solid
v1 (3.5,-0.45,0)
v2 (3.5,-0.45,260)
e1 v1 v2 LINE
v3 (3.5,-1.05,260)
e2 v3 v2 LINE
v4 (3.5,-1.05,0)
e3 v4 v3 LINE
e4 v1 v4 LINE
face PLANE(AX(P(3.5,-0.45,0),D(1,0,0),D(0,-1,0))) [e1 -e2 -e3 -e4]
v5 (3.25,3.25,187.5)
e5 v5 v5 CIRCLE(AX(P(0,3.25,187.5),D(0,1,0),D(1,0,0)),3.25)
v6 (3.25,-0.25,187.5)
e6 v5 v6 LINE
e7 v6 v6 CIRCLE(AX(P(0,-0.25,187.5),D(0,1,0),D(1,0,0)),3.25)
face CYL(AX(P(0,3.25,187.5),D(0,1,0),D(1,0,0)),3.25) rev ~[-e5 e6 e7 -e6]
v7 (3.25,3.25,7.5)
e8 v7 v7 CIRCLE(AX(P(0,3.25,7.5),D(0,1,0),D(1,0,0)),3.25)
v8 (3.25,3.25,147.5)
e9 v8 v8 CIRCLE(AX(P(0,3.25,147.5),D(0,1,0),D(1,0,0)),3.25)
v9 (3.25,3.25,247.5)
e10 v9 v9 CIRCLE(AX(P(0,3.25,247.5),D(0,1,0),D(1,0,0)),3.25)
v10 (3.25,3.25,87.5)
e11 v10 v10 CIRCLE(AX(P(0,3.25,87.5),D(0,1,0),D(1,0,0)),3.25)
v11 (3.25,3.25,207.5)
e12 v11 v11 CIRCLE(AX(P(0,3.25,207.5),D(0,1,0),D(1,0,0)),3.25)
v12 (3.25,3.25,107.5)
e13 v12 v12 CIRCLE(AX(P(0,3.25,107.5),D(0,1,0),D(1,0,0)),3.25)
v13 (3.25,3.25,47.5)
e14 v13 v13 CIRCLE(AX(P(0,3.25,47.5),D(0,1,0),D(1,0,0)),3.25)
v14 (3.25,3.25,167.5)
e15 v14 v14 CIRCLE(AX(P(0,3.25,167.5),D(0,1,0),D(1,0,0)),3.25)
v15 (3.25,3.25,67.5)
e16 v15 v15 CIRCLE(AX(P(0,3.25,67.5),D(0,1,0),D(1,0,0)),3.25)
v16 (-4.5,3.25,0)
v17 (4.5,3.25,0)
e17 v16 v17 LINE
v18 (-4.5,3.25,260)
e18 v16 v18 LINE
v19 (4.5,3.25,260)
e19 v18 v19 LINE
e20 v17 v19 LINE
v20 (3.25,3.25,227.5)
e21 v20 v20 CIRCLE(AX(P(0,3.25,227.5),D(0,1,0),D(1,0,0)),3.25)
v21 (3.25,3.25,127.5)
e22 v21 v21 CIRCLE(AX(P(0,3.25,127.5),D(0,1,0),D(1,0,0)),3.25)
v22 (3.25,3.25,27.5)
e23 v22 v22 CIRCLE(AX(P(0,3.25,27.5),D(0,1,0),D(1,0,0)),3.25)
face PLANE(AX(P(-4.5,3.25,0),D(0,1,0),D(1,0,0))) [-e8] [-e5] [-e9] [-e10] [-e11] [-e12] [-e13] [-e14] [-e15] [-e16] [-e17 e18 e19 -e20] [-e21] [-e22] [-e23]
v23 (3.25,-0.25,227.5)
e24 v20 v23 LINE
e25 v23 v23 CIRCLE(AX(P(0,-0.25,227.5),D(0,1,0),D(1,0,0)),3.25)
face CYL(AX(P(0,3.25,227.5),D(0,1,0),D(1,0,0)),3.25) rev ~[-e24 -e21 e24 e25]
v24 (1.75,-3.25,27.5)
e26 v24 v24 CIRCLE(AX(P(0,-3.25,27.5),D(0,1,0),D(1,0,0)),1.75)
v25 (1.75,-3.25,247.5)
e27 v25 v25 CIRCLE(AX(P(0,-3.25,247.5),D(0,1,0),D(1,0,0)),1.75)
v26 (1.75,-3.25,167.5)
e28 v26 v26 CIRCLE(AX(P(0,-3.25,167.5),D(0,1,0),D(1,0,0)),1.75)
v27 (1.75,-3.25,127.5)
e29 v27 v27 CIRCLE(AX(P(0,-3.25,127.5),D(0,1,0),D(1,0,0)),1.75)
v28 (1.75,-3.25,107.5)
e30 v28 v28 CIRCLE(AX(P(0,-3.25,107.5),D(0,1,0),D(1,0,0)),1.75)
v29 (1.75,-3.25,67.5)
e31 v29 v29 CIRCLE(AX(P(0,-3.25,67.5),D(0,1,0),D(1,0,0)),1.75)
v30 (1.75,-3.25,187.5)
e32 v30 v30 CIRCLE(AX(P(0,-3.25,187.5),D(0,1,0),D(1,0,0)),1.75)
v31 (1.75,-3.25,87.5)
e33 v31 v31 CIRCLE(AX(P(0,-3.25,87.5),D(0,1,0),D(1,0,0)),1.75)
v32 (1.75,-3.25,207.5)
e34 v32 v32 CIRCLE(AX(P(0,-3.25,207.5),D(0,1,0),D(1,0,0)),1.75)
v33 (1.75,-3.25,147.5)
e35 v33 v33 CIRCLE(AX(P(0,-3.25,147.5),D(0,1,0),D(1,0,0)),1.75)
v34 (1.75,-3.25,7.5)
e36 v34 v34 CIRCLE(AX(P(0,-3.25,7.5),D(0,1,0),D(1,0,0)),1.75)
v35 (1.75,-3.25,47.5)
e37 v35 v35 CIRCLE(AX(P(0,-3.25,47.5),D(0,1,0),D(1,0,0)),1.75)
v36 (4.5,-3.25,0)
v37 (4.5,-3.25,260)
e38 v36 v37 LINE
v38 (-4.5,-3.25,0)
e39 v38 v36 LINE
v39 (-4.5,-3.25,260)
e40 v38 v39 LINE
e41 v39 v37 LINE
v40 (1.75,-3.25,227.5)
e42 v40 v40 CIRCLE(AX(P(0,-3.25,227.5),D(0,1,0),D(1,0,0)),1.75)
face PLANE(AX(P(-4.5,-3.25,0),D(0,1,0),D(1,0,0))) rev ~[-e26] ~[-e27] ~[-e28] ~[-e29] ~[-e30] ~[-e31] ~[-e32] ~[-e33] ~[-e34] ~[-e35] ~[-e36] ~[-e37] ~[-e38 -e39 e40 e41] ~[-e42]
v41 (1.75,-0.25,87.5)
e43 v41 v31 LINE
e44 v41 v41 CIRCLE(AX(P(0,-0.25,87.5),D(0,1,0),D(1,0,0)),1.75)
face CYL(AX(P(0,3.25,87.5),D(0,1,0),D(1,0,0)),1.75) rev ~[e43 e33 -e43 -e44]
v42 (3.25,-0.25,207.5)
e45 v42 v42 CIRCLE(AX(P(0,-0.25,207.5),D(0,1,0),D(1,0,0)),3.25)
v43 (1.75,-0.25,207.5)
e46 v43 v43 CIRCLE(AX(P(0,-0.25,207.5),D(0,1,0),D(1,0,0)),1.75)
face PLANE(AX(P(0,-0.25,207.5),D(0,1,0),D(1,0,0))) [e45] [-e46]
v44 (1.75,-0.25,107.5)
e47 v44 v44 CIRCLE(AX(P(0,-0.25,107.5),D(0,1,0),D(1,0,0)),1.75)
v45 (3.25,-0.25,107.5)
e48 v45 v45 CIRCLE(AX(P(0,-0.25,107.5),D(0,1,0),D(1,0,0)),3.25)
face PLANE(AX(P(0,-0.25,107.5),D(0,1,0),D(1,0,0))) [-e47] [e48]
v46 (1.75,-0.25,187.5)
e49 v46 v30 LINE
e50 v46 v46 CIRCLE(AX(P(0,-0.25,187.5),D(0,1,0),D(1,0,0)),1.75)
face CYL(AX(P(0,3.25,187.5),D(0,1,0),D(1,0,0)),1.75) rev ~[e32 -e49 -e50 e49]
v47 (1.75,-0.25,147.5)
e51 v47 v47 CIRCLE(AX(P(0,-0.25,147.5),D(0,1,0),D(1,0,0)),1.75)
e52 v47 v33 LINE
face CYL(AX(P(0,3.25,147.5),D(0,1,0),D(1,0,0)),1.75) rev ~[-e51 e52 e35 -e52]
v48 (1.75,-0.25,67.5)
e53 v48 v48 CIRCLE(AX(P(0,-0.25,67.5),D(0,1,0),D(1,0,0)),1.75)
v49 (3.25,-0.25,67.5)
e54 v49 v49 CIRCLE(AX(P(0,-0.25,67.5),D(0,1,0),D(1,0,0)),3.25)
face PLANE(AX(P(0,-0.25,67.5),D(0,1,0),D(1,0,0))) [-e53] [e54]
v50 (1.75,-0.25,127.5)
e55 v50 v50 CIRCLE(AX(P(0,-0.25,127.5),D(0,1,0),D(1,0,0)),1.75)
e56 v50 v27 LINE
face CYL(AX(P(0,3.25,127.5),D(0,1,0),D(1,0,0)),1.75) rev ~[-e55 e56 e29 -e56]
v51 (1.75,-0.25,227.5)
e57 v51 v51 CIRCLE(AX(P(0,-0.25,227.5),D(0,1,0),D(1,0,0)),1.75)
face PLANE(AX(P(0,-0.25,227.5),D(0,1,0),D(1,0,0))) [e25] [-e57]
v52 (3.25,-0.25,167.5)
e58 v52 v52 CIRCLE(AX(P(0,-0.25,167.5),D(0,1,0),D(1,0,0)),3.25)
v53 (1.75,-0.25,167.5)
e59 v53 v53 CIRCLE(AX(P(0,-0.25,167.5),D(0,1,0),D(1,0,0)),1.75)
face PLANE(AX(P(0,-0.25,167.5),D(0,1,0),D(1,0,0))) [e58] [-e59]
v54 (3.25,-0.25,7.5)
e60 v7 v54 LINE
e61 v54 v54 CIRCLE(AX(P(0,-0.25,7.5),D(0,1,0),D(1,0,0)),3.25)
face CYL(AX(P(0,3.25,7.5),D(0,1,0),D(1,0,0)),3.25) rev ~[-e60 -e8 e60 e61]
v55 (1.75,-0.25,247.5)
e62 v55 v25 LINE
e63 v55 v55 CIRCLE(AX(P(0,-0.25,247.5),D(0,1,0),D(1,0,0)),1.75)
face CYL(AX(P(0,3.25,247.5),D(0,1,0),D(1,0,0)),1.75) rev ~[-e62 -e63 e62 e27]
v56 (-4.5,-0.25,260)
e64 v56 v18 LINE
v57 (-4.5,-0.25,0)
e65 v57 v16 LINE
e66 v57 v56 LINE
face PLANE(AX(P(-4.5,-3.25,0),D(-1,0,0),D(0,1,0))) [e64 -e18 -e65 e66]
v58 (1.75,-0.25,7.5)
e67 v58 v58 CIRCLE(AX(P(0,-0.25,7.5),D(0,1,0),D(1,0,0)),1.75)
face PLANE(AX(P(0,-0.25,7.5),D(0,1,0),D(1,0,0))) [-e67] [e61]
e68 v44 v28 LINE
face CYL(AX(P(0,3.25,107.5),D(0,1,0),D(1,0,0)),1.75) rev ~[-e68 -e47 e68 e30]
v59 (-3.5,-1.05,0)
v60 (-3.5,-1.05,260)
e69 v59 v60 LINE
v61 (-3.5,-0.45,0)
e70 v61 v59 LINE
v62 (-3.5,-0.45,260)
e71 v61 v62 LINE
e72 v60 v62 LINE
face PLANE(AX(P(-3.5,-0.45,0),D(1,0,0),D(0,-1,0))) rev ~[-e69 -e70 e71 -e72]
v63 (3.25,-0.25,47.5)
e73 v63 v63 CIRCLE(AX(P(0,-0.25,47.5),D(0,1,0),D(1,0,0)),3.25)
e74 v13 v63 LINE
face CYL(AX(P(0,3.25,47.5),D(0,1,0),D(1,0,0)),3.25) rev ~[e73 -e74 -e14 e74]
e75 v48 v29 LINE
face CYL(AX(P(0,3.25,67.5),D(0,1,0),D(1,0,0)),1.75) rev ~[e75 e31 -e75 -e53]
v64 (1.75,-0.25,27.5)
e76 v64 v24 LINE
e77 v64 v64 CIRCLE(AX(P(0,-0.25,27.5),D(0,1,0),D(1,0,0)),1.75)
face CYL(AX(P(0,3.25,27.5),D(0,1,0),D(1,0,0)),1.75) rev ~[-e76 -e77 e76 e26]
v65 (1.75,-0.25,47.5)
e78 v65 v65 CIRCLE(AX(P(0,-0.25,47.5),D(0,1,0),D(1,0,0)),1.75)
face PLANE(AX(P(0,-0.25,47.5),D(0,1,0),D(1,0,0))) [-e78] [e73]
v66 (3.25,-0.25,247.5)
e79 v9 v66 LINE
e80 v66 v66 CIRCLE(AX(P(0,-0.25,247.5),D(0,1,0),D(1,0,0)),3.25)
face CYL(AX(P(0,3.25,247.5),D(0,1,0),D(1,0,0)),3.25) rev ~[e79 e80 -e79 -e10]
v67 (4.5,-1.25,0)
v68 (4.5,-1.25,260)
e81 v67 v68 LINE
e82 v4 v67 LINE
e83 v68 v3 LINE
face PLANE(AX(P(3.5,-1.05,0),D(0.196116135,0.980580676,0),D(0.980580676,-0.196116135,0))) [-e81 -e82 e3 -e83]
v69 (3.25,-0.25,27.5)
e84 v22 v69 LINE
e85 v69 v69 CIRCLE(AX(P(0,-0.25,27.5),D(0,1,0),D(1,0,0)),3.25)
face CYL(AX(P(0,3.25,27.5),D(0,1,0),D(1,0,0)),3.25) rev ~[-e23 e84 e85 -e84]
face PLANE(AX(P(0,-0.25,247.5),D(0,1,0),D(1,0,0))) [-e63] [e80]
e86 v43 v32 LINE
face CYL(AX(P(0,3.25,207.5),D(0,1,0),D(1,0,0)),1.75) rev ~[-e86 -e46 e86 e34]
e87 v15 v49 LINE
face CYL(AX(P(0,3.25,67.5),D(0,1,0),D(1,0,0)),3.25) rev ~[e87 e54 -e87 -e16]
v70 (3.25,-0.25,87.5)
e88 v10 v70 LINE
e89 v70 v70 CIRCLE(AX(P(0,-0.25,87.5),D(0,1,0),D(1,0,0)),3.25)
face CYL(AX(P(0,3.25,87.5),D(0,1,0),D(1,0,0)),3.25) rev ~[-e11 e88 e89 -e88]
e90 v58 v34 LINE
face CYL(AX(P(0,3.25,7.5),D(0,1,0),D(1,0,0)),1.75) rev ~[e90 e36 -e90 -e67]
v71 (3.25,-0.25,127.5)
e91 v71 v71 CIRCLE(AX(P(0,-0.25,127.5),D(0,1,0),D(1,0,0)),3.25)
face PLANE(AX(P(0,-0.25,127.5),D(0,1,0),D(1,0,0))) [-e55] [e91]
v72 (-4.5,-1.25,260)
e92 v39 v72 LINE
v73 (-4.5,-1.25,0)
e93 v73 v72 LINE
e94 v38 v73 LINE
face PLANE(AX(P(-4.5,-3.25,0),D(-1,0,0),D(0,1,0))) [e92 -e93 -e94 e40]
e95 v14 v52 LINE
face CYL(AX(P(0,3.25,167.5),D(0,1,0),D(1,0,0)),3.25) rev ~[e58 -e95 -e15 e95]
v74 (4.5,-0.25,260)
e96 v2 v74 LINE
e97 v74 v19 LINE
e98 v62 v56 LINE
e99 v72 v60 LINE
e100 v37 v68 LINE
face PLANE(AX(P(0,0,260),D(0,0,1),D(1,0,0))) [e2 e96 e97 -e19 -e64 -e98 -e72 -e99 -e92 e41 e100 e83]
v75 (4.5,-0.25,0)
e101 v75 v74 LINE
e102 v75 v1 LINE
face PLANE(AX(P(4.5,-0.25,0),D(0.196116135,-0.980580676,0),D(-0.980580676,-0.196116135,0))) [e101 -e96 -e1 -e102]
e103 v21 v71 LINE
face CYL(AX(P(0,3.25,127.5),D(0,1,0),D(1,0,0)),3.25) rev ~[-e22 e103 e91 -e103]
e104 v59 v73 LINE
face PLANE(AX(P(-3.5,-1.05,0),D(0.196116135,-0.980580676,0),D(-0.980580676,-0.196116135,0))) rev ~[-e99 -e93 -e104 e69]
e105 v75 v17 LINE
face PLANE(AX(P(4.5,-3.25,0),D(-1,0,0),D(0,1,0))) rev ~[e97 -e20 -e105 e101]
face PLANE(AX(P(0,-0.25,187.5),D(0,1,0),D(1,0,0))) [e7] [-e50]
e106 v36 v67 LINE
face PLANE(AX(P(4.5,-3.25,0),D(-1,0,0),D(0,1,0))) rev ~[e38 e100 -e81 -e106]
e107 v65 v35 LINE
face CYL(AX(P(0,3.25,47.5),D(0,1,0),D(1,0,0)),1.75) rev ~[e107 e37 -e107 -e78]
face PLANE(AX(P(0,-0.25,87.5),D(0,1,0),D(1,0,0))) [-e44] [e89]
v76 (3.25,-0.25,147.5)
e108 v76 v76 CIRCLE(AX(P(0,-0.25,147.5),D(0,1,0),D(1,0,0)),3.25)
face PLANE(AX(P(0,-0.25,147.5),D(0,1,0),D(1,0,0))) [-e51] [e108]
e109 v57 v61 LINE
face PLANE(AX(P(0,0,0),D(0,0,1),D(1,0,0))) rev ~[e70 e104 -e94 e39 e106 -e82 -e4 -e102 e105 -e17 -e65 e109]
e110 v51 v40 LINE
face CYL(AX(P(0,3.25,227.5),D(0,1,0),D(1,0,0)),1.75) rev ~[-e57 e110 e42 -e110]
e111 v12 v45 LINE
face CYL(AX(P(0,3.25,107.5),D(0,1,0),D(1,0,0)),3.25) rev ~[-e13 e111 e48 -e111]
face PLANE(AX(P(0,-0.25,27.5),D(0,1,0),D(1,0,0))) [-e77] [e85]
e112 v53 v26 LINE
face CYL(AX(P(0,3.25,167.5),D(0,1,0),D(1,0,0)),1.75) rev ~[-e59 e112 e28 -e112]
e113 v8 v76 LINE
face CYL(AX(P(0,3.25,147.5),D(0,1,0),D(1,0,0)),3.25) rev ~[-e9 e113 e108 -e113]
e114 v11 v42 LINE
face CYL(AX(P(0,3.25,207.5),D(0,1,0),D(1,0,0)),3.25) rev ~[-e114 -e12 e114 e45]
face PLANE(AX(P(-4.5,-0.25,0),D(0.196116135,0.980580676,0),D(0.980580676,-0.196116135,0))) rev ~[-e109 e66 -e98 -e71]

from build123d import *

# Parameters (mm, degrees)
SKETCH_1_W          = 9
SKETCH_1_H          = 6.5
EXTRUDE_1_DEPTH     = 260
SKETCH_2_R          = 1.75
CUT_EXTRUDE_1_DEPTH = 7.5
SKETCH_3_R          = 3.25
CUT_EXTRUDE_2_DEPTH = 3.5
CUT_EXTRUDE_3_DEPTH = 261


with BuildPart() as part:
    # 草图1 → 凸台-拉伸1 (new body)
    with BuildSketch(Plane.XY):
        Rectangle(SKETCH_1_W, SKETCH_1_H)
    extrude(amount=EXTRUDE_1_DEPTH)

    # 草图2 → 切除-拉伸1 (cut, through all)
    with BuildSketch(Plane(origin=(0, 3.25, 0), x_dir=(1, 0, 0), z_dir=(0, 1, 0))):
        with Locations((0, -7.5)):
            Circle(SKETCH_2_R)
        with Locations((0, -27.5)):
            Circle(SKETCH_2_R)
        with Locations((0, -47.5)):
            Circle(SKETCH_2_R)
        with Locations((0, -67.5)):
            Circle(SKETCH_2_R)
        with Locations((0, -87.5)):
            Circle(SKETCH_2_R)
        with Locations((0, -107.5)):
            Circle(SKETCH_2_R)
        with Locations((0, -127.5)):
            Circle(SKETCH_2_R)
        with Locations((0, -147.5)):
            Circle(SKETCH_2_R)
        with Locations((0, -167.5)):
            Circle(SKETCH_2_R)
        with Locations((0, -187.5)):
            Circle(SKETCH_2_R)
        with Locations((0, -207.5)):
            Circle(SKETCH_2_R)
        with Locations((0, -227.5)):
            Circle(SKETCH_2_R)
        with Locations((0, -247.5)):
            Circle(SKETCH_2_R)
        with Locations((0, -267.5)):
            Circle(SKETCH_2_R)
        with Locations((0, -287.5)):
            Circle(SKETCH_2_R)
        with Locations((0, -307.5)):
            Circle(SKETCH_2_R)
        with Locations((0, -327.5)):
            Circle(SKETCH_2_R)
        with Locations((0, -347.5)):
            Circle(SKETCH_2_R)
        with Locations((0, -367.5)):
            Circle(SKETCH_2_R)
        with Locations((0, -387.5)):
            Circle(SKETCH_2_R)
    extrude(amount=-CUT_EXTRUDE_1_DEPTH, mode=Mode.SUBTRACT)

    # 草图3 → 切除-拉伸2 (cut)
    with BuildSketch(Plane(origin=(0, 3.25, 0), x_dir=(1, 0, 0), z_dir=(0, 1, 0))):
        with Locations((0, -7.5)):
            Circle(SKETCH_3_R)
        with Locations((0, -27.5)):
            Circle(SKETCH_3_R)
        with Locations((0, -47.5)):
            Circle(SKETCH_3_R)
        with Locations((0, -67.5)):
            Circle(SKETCH_3_R)
        with Locations((0, -87.5)):
            Circle(SKETCH_3_R)
        with Locations((0, -107.5)):
            Circle(SKETCH_3_R)
        with Locations((0, -127.5)):
            Circle(SKETCH_3_R)
        with Locations((0, -147.5)):
            Circle(SKETCH_3_R)
        with Locations((0, -167.5)):
            Circle(SKETCH_3_R)
        with Locations((0, -187.5)):
            Circle(SKETCH_3_R)
        with Locations((0, -207.5)):
            Circle(SKETCH_3_R)
        with Locations((0, -227.5)):
            Circle(SKETCH_3_R)
        with Locations((0, -247.5)):
            Circle(SKETCH_3_R)
        with Locations((0, -267.5)):
            Circle(SKETCH_3_R)
        with Locations((0, -287.5)):
            Circle(SKETCH_3_R)
        with Locations((0, -307.5)):
            Circle(SKETCH_3_R)
        with Locations((0, -327.5)):
            Circle(SKETCH_3_R)
        with Locations((0, -347.5)):
            Circle(SKETCH_3_R)
        with Locations((0, -367.5)):
            Circle(SKETCH_3_R)
        with Locations((0, -387.5)):
            Circle(SKETCH_3_R)
    extrude(amount=-CUT_EXTRUDE_2_DEPTH, mode=Mode.SUBTRACT)

    # 草图4 → 切除-拉伸3 (cut, through all)
    with BuildSketch(Plane(origin=(0, 0, 0), x_dir=(-1, 0, 0), z_dir=(0, 0, -1))):
        Polygon((4.5, -0.25), (3.5, -0.45), (3.5, -1.05), (4.5, -1.25), align=None)
        Polygon((-4.5, -0.25), (-3.5, -0.45), (-3.5, -1.05), (-4.5, -1.25), align=None)
    extrude(amount=-CUT_EXTRUDE_3_DEPTH, mode=Mode.SUBTRACT)


solid = part.part
